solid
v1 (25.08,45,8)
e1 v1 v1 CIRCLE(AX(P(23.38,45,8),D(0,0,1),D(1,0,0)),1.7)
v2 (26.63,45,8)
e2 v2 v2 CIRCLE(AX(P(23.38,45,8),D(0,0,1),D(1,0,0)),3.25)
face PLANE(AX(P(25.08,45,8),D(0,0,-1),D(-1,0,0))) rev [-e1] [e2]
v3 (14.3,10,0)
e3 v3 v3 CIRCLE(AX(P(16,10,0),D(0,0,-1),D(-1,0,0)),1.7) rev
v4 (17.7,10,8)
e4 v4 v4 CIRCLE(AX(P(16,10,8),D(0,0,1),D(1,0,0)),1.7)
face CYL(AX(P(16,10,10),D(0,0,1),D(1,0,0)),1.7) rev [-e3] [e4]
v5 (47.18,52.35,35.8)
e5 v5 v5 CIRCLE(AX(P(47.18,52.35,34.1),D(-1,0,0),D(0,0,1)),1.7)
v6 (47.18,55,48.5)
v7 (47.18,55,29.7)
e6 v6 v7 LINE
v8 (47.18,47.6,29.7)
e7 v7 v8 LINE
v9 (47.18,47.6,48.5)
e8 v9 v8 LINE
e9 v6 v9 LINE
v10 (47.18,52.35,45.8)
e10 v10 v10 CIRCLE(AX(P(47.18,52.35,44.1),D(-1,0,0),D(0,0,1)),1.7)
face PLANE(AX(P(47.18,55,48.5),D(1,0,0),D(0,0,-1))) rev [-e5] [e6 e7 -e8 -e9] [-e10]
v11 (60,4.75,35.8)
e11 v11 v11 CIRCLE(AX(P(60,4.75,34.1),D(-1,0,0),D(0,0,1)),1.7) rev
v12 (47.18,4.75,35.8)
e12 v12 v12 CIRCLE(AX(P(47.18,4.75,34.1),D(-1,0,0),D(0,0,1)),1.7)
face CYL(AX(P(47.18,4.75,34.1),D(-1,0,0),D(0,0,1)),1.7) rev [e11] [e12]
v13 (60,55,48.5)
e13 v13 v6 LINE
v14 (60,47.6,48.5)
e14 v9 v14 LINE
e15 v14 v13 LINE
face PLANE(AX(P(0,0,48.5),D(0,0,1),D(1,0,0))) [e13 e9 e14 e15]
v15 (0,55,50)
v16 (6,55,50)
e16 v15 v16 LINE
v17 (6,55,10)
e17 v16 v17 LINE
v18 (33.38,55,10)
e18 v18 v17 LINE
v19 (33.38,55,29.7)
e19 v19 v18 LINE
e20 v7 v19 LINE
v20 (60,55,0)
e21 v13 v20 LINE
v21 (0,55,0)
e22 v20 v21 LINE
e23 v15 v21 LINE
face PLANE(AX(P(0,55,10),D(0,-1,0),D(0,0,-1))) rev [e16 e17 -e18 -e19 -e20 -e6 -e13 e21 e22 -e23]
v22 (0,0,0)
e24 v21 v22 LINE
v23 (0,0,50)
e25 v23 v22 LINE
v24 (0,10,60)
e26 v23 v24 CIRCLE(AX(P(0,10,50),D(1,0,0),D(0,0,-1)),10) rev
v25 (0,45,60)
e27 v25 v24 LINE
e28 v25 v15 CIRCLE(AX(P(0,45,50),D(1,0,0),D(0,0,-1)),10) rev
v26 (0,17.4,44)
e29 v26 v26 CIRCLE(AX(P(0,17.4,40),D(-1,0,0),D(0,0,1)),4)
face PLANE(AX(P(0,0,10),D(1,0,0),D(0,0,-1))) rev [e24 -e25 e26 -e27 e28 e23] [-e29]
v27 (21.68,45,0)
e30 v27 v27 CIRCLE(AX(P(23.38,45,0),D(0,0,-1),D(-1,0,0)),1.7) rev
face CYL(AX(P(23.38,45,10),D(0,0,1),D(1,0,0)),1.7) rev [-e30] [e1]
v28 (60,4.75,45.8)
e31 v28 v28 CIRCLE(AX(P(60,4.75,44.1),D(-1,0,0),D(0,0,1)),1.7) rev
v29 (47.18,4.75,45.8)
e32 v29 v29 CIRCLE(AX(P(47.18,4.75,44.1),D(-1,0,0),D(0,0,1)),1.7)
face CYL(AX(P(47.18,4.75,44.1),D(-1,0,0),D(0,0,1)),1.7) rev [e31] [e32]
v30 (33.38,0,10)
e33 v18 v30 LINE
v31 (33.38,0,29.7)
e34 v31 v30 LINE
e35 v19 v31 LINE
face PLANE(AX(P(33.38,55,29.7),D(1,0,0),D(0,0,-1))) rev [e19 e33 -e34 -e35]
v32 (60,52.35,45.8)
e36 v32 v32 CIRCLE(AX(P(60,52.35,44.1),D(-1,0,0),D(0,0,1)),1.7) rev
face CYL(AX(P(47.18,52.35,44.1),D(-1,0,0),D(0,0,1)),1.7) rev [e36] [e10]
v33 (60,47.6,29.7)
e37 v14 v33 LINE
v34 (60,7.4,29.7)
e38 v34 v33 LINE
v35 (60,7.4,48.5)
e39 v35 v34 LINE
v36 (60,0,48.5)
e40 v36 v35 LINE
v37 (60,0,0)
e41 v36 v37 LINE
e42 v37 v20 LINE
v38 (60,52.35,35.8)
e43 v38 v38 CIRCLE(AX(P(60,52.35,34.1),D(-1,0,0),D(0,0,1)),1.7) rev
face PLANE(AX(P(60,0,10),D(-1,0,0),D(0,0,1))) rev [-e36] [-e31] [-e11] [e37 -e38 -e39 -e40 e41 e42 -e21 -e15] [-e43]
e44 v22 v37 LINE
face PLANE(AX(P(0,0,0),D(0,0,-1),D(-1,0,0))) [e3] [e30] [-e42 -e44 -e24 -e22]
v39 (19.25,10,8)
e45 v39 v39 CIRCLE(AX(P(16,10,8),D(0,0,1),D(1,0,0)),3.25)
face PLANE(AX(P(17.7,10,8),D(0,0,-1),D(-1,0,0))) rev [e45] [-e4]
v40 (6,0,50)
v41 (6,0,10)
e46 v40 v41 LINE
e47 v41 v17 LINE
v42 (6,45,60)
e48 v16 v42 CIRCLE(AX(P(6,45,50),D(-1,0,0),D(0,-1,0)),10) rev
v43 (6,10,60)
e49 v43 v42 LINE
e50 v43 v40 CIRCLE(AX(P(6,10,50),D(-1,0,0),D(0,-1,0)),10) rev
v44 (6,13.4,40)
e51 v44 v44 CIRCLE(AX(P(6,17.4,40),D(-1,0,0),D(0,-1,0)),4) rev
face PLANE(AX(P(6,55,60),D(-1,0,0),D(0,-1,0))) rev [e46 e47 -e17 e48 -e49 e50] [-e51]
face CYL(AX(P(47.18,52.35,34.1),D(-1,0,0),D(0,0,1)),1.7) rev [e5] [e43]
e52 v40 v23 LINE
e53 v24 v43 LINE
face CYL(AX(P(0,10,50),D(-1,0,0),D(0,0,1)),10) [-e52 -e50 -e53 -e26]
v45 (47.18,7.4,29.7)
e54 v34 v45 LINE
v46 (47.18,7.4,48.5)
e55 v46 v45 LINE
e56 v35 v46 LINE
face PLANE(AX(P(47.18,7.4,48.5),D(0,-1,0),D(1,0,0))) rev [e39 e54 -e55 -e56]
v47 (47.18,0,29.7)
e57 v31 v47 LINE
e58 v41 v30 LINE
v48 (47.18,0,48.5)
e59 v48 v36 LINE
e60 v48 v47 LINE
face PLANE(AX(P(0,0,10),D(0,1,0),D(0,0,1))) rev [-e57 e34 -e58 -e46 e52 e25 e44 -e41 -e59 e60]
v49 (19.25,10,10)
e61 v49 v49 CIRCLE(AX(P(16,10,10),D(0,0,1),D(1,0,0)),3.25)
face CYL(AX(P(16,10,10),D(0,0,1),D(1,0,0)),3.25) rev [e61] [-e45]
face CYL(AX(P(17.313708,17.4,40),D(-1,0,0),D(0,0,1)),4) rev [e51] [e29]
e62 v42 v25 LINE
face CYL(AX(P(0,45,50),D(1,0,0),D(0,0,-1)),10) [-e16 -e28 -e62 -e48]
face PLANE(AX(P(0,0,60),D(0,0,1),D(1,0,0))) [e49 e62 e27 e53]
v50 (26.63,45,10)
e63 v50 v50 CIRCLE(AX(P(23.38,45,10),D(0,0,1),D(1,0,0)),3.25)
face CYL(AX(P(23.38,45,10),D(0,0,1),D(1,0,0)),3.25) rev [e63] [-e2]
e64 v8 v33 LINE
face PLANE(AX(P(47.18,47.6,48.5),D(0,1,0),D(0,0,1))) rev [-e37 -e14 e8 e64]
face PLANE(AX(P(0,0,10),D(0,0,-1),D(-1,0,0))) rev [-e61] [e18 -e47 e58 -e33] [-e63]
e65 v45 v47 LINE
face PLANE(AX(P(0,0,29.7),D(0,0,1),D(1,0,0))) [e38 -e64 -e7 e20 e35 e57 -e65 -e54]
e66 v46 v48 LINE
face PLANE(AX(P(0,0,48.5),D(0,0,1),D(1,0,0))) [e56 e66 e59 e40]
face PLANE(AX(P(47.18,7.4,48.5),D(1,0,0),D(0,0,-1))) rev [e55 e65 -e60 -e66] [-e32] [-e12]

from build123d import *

# Parameters (mm, degrees)
ESQUISSE1_W                                          = 60
ESQUISSE1_H                                          = 55
BOSS_EXTRU_1_DEPTH                                   = 10
ESQUISSE2_W                                          = 6
ESQUISSE2_H                                          = 55
BOSS_EXTRU_2_DEPTH                                   = 50
ESQUISSE3_W                                          = 26.62
ESQUISSE3_H                                          = 55
BOSS_EXTRU_3_DEPTH                                   = 19.7
CHAMBRAGE_POUR_T_TE_CYLINDRIQUE_FENDUE_M_D           = 3.4
CHAMBRAGE_POUR_T_TE_CYLINDRIQUE_FENDUE_M_DEPTH       = 10
CHAMBRAGE_POUR_T_TE_CYLINDRIQUE_FENDUE_M_CBORE_D     = 6.5
CHAMBRAGE_POUR_T_TE_CYLINDRIQUE_FENDUE_M_CBORE_DEPTH = 2
CHAMBRAGE_POUR_T_TE_CYLINDRIQUE_FENDUE_M_TIP         = 1.021463052
CONG_1_R                                             = 10
ESQUISSE8_R                                          = 4
ENL_V_MAT_EXTRU_2_DEPTH                              = 6
ESQUISSE12_W                                         = 12.82
ESQUISSE12_H                                         = 7.4
BOSS_EXTRU_4_DEPTH                                   = 18.8
D_GAGEMENT_M32_D                                     = 3.4
D_GAGEMENT_M32_DEPTH                                 = 12.82
D_GAGEMENT_M32_TIP                                   = 1.021463052


with BuildPart() as part:
    # Esquisse1 → Boss.-Extru.1 (new body)
    with BuildSketch(Plane.XY):
        with Locations((30, 27.5)):
            Rectangle(ESQUISSE1_W, ESQUISSE1_H)
    extrude(amount=BOSS_EXTRU_1_DEPTH)

    # Esquisse2 → Boss.-Extru.2 (add)
    with BuildSketch(Plane.XY.offset(10)):
        with Locations((3, 27.5)):
            Rectangle(ESQUISSE2_W, ESQUISSE2_H)
    extrude(amount=BOSS_EXTRU_2_DEPTH)

    # Esquisse3 → Boss.-Extru.3 (add)
    with BuildSketch(Plane.XY.offset(10)):
        with Locations((46.69, 27.5)):
            Rectangle(ESQUISSE3_W, ESQUISSE3_H)
    extrude(amount=BOSS_EXTRU_3_DEPTH)

    # Chambrage pour tête cylindrique fendue M31
    with Locations(Plane.XY.offset(10)):
        with Locations((23.38, 45), (16, 10)):
            CounterBoreHole(CHAMBRAGE_POUR_T_TE_CYLINDRIQUE_FENDUE_M_D / 2, CHAMBRAGE_POUR_T_TE_CYLINDRIQUE_FENDUE_M_CBORE_D / 2, CHAMBRAGE_POUR_T_TE_CYLINDRIQUE_FENDUE_M_CBORE_DEPTH, depth=CHAMBRAGE_POUR_T_TE_CYLINDRIQUE_FENDUE_M_DEPTH)
            with Locations((0, 0, -(CHAMBRAGE_POUR_T_TE_CYLINDRIQUE_FENDUE_M_DEPTH + CHAMBRAGE_POUR_T_TE_CYLINDRIQUE_FENDUE_M_TIP / 2))):  # 118° drill point
                Cone(0, CHAMBRAGE_POUR_T_TE_CYLINDRIQUE_FENDUE_M_D / 2, CHAMBRAGE_POUR_T_TE_CYLINDRIQUE_FENDUE_M_TIP, mode=Mode.SUBTRACT)

    # Congé1
    cong_1_edges = [part.edges().sort_by_distance(p)[0] for p in [
        (3, 0, 60),
        (3, 55, 60),
    ]]
    fillet(cong_1_edges, radius=CONG_1_R)

    # Esquisse8 → Enlèv. mat.-Extru.2 (cut)
    with BuildSketch(Plane.ZY):
        with Locations((40, 17.4)):
            Circle(ESQUISSE8_R)
    extrude(amount=-ENL_V_MAT_EXTRU_2_DEPTH, mode=Mode.SUBTRACT)

    # Esquisse12 → Boss.-Extru.4 (add)
    with BuildSketch(Plane.XY.offset(29.7)):
        with Locations((53.59, 3.7)):
            Rectangle(ESQUISSE12_W, ESQUISSE12_H)
        with Locations((53.59, 51.3)):
            Rectangle(ESQUISSE12_W, ESQUISSE12_H)
    extrude(amount=BOSS_EXTRU_4_DEPTH)

    # Dégagement M32
    with Locations(Plane.ZY.offset(-47.18)):
        with Locations((44.1, 52.35), (34.1, 52.35), (44.1, 4.75), (34.1, 4.75)):
            Hole(D_GAGEMENT_M32_D / 2, depth=D_GAGEMENT_M32_DEPTH)
            with Locations((0, 0, -(D_GAGEMENT_M32_DEPTH + D_GAGEMENT_M32_TIP / 2))):  # 118° drill point
                Cone(0, D_GAGEMENT_M32_D / 2, D_GAGEMENT_M32_TIP, mode=Mode.SUBTRACT)


solid = part.part
